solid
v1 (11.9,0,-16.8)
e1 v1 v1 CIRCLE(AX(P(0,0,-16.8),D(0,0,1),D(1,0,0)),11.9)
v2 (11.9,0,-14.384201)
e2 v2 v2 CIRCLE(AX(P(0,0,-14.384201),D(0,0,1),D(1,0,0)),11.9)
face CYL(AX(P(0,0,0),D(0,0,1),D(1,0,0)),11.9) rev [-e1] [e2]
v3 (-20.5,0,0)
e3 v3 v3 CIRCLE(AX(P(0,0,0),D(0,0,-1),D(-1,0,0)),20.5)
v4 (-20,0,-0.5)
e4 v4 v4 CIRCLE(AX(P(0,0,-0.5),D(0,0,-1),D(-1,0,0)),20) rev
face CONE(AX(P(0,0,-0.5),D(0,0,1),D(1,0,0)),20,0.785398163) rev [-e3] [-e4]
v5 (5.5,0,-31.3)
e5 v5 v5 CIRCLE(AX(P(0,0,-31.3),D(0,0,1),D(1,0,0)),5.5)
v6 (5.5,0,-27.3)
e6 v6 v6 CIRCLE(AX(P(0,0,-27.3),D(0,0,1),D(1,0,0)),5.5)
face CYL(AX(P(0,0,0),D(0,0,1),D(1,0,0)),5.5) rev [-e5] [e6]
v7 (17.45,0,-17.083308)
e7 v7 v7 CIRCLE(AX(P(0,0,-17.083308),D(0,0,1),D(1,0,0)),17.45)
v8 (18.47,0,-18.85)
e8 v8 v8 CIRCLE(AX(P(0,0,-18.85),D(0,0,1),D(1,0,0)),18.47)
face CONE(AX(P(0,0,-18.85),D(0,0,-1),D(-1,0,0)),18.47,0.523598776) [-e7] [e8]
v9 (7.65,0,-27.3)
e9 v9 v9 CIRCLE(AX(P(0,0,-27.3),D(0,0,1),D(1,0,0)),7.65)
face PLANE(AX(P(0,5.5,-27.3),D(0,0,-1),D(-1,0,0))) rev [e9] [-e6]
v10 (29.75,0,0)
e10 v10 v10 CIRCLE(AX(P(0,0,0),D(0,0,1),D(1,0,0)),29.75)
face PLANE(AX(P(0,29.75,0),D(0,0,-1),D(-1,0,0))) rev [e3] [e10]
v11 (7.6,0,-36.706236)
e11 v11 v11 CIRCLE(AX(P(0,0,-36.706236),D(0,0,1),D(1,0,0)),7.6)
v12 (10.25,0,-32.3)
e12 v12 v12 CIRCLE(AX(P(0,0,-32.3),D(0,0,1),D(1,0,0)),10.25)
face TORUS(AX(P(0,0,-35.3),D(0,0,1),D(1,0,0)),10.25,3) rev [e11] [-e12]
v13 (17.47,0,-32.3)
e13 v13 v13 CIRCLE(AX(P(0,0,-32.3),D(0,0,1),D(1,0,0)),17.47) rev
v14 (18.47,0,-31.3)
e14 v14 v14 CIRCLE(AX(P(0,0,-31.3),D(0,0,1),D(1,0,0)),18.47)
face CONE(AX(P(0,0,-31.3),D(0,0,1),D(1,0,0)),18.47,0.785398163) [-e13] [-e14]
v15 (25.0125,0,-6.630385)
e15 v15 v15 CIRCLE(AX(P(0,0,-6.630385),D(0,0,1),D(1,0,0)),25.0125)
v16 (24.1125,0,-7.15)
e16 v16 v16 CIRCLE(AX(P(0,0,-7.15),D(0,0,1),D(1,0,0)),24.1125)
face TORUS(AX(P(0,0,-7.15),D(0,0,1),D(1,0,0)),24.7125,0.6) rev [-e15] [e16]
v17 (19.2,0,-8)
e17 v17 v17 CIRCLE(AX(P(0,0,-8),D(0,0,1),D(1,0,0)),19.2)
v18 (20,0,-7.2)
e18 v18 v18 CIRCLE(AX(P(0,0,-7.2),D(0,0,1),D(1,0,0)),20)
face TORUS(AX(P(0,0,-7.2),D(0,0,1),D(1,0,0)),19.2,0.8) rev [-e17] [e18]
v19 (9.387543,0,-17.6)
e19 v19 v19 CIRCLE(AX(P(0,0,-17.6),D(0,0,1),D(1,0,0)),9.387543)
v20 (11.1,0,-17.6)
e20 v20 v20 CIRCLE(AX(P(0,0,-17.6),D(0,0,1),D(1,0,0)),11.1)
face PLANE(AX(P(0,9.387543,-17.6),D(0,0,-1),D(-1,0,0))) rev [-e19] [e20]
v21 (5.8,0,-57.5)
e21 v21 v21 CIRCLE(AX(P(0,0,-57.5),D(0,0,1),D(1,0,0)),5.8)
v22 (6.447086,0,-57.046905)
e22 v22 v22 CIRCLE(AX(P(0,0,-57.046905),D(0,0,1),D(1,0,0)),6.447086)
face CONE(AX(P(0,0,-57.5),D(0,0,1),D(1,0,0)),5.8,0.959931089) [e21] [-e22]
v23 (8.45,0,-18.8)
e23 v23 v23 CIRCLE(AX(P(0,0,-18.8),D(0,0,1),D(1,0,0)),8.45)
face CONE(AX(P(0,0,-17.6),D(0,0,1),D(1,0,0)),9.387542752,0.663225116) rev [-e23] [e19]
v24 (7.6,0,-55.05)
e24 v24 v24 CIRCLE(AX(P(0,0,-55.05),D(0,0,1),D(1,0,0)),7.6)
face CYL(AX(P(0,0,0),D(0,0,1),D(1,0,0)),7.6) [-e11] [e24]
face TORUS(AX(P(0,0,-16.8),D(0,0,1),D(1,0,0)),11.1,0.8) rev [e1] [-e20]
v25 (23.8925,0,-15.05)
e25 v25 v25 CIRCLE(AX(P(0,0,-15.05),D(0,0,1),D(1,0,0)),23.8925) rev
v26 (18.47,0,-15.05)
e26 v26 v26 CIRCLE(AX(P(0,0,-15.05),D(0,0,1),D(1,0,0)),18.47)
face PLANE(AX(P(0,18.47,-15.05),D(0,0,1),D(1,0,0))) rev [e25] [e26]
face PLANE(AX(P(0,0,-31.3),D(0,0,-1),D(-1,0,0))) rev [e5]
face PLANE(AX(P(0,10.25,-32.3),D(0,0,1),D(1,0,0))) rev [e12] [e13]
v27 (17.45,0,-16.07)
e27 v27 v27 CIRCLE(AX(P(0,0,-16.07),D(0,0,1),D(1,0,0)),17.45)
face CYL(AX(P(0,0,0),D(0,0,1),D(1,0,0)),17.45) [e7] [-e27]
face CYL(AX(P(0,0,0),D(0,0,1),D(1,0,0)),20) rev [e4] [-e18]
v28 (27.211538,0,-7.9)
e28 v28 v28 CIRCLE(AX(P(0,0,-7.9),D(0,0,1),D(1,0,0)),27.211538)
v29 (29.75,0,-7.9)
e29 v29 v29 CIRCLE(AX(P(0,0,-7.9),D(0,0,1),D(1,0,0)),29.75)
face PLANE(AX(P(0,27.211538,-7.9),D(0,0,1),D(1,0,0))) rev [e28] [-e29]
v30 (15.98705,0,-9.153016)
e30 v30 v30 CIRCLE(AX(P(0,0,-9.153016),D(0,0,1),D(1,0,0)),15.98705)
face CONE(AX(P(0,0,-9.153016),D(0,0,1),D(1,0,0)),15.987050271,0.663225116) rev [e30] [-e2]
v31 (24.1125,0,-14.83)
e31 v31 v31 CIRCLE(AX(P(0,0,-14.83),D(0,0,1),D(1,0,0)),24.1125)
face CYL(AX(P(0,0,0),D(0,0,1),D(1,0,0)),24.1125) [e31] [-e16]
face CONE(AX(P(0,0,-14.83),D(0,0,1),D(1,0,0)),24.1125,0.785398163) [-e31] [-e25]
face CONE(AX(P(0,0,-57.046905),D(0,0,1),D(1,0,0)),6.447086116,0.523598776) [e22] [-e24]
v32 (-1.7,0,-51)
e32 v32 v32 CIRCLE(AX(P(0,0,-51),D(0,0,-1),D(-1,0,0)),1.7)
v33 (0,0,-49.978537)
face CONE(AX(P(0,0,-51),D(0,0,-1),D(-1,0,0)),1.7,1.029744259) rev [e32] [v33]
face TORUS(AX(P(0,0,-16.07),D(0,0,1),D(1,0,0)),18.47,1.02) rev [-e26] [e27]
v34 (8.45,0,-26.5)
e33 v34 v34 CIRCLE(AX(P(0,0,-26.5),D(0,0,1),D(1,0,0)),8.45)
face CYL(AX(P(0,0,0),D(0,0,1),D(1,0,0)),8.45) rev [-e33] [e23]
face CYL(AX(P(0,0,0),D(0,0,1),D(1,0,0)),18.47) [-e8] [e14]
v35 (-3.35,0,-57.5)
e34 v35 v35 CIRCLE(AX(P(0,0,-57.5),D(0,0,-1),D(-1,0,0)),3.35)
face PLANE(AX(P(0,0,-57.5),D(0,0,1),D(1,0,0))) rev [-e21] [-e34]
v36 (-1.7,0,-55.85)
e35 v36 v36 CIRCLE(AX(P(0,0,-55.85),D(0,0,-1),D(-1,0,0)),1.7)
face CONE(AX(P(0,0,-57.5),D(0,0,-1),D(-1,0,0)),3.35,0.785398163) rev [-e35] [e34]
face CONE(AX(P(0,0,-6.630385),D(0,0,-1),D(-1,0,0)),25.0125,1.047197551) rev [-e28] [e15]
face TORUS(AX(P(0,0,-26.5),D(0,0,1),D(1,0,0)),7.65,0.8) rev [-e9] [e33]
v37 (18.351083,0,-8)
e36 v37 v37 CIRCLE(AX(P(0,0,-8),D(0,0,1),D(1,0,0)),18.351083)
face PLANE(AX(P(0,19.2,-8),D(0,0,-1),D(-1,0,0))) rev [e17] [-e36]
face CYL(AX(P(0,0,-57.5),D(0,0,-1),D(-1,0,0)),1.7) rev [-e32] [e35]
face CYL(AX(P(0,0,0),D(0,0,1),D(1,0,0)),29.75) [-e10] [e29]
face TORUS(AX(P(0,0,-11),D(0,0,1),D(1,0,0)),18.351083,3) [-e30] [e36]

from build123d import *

# Parameters (mm, degrees)
FASE1_SIZE                                           = 1
FASE2_SIZE                                           = 0.22
FASE3_SIZE                                           = 0.5
FORMSENKUNG_F_R_M3_LINSENSENKSCHRAUBE_MI_D           = 3.4
FORMSENKUNG_F_R_M3_LINSENSENKSCHRAUBE_MI_DEPTH       = 6.5
FORMSENKUNG_F_R_M3_LINSENSENKSCHRAUBE_MI_CSINK_D     = 6.7
FORMSENKUNG_F_R_M3_LINSENSENKSCHRAUBE_MI_CSINK_ANGLE = 90
FORMSENKUNG_F_R_M3_LINSENSENKSCHRAUBE_MI_TIP         = 1.021463052


with BuildPart() as part:
    # Skizze1 → Rotation1 (revolve)
    with BuildSketch(Plane(origin=(0, 0, 0), x_dir=(0, 0, -1), z_dir=(1, 0, 0)), mode=Mode.PRIVATE) as rotation1_sk:
        with BuildLine():
            Line((57.5, 0), (57.5, 5.8))
            Line((57.5, 5.8), (57.046905424, 6.447086116))
            Line((57.046905424, 6.447086116), (55.05, 7.6))
            Line((55.05, 7.6), (36.706236111, 7.6))
            ThreePointArc((36.706236111, 7.6), (33.753828653, 7.679133577), (32.3, 10.25))
            Line((32.3, 10.25), (32.3, 18.47))
            Line((32.3, 18.47), (18.85, 18.47))
            Line((18.85, 18.47), (17.083308176, 17.45))
            Line((17.083308176, 17.45), (16.07, 17.45))
            ThreePointArc((16.07, 17.45), (15.348751083, 17.748751083), (15.05, 18.47))
            Line((15.05, 18.47), (15.05, 24.1125))
            Line((15.05, 24.1125), (7.9, 24.1125))
            Line((7.9, 24.1125), (7.15, 24.1125))
            ThreePointArc((7.15, 24.1125), (6.630384758, 24.4125), (6.630384758, 25.0125))
            Line((6.630384758, 25.0125), (7.9, 27.211538106))
            Line((7.9, 27.211538106), (7.9, 29.75))
            Line((7.9, 29.75), (0, 29.75))
            Line((0, 29.75), (0, 20))
            Line((0, 20), (7.2, 20))
            ThreePointArc((7.2, 20), (7.765685425, 19.765685425), (8, 19.2))
            Line((8, 19.2), (8, 18.351082532))
            ThreePointArc((8, 18.351082532), (8.303617861, 17.035969092), (9.153015574, 15.987050271))
            Line((9.153015574, 15.987050271), (14.384201369, 11.9))
            Line((14.384201369, 11.9), (16.8, 11.9))
            ThreePointArc((16.8, 11.9), (17.365685425, 11.665685425), (17.6, 11.1))
            Line((17.6, 11.1), (17.6, 9.387542752))
            Line((17.6, 9.387542752), (18.8, 8.45))
            Line((18.8, 8.45), (26.5, 8.45))
            ThreePointArc((26.5, 8.45), (27.065685425, 8.215685425), (27.3, 7.65))
            Line((27.3, 7.65), (27.3, 5.5))
            Line((27.3, 5.5), (31.3, 5.5))
            Line((31.3, 5.5), (31.3, 0))
            Line((31.3, 0), (57.5, 0))
        make_face()
    revolve(rotation1_sk.sketch.rotate(Axis((0, 0, 0), (0, 0, -1)), 90), axis=Axis((0, 0, 0), (0, 0, -1)))  # turned: the seam where the file's is

    # Fase1
    fase1_edges = [part.edges().sort_by_distance(p)[0] for p in [
        (-18.47, 0, -32.3),
    ]]
    chamfer(fase1_edges, length=FASE1_SIZE)

    # Fase2
    fase2_edges = [part.edges().sort_by_distance(p)[0] for p in [
        (-24.1125, 0, -15.05),
    ]]
    chamfer(fase2_edges, length=FASE2_SIZE)

    # Fase3
    fase3_edges = [part.edges().sort_by_distance(p)[0] for p in [
        (-20, 0, 0),
    ]]
    chamfer(fase3_edges, length=FASE3_SIZE)

    # Formsenkung für M3 Linsensenkschraube mit Schlitz3
    with Locations(Plane(origin=(0, 0, -57.5), x_dir=(-1, 0, 0), z_dir=(0, 0, -1))):
        with Locations((0, 0)):
            CounterSinkHole(FORMSENKUNG_F_R_M3_LINSENSENKSCHRAUBE_MI_D / 2, FORMSENKUNG_F_R_M3_LINSENSENKSCHRAUBE_MI_CSINK_D / 2, depth=FORMSENKUNG_F_R_M3_LINSENSENKSCHRAUBE_MI_DEPTH, counter_sink_angle=FORMSENKUNG_F_R_M3_LINSENSENKSCHRAUBE_MI_CSINK_ANGLE)
            with Locations((0, 0, -(FORMSENKUNG_F_R_M3_LINSENSENKSCHRAUBE_MI_DEPTH + FORMSENKUNG_F_R_M3_LINSENSENKSCHRAUBE_MI_TIP / 2))):  # 118° drill point
                Cone(0, FORMSENKUNG_F_R_M3_LINSENSENKSCHRAUBE_MI_D / 2, FORMSENKUNG_F_R_M3_LINSENSENKSCHRAUBE_MI_TIP, mode=Mode.SUBTRACT)


solid = part.part
